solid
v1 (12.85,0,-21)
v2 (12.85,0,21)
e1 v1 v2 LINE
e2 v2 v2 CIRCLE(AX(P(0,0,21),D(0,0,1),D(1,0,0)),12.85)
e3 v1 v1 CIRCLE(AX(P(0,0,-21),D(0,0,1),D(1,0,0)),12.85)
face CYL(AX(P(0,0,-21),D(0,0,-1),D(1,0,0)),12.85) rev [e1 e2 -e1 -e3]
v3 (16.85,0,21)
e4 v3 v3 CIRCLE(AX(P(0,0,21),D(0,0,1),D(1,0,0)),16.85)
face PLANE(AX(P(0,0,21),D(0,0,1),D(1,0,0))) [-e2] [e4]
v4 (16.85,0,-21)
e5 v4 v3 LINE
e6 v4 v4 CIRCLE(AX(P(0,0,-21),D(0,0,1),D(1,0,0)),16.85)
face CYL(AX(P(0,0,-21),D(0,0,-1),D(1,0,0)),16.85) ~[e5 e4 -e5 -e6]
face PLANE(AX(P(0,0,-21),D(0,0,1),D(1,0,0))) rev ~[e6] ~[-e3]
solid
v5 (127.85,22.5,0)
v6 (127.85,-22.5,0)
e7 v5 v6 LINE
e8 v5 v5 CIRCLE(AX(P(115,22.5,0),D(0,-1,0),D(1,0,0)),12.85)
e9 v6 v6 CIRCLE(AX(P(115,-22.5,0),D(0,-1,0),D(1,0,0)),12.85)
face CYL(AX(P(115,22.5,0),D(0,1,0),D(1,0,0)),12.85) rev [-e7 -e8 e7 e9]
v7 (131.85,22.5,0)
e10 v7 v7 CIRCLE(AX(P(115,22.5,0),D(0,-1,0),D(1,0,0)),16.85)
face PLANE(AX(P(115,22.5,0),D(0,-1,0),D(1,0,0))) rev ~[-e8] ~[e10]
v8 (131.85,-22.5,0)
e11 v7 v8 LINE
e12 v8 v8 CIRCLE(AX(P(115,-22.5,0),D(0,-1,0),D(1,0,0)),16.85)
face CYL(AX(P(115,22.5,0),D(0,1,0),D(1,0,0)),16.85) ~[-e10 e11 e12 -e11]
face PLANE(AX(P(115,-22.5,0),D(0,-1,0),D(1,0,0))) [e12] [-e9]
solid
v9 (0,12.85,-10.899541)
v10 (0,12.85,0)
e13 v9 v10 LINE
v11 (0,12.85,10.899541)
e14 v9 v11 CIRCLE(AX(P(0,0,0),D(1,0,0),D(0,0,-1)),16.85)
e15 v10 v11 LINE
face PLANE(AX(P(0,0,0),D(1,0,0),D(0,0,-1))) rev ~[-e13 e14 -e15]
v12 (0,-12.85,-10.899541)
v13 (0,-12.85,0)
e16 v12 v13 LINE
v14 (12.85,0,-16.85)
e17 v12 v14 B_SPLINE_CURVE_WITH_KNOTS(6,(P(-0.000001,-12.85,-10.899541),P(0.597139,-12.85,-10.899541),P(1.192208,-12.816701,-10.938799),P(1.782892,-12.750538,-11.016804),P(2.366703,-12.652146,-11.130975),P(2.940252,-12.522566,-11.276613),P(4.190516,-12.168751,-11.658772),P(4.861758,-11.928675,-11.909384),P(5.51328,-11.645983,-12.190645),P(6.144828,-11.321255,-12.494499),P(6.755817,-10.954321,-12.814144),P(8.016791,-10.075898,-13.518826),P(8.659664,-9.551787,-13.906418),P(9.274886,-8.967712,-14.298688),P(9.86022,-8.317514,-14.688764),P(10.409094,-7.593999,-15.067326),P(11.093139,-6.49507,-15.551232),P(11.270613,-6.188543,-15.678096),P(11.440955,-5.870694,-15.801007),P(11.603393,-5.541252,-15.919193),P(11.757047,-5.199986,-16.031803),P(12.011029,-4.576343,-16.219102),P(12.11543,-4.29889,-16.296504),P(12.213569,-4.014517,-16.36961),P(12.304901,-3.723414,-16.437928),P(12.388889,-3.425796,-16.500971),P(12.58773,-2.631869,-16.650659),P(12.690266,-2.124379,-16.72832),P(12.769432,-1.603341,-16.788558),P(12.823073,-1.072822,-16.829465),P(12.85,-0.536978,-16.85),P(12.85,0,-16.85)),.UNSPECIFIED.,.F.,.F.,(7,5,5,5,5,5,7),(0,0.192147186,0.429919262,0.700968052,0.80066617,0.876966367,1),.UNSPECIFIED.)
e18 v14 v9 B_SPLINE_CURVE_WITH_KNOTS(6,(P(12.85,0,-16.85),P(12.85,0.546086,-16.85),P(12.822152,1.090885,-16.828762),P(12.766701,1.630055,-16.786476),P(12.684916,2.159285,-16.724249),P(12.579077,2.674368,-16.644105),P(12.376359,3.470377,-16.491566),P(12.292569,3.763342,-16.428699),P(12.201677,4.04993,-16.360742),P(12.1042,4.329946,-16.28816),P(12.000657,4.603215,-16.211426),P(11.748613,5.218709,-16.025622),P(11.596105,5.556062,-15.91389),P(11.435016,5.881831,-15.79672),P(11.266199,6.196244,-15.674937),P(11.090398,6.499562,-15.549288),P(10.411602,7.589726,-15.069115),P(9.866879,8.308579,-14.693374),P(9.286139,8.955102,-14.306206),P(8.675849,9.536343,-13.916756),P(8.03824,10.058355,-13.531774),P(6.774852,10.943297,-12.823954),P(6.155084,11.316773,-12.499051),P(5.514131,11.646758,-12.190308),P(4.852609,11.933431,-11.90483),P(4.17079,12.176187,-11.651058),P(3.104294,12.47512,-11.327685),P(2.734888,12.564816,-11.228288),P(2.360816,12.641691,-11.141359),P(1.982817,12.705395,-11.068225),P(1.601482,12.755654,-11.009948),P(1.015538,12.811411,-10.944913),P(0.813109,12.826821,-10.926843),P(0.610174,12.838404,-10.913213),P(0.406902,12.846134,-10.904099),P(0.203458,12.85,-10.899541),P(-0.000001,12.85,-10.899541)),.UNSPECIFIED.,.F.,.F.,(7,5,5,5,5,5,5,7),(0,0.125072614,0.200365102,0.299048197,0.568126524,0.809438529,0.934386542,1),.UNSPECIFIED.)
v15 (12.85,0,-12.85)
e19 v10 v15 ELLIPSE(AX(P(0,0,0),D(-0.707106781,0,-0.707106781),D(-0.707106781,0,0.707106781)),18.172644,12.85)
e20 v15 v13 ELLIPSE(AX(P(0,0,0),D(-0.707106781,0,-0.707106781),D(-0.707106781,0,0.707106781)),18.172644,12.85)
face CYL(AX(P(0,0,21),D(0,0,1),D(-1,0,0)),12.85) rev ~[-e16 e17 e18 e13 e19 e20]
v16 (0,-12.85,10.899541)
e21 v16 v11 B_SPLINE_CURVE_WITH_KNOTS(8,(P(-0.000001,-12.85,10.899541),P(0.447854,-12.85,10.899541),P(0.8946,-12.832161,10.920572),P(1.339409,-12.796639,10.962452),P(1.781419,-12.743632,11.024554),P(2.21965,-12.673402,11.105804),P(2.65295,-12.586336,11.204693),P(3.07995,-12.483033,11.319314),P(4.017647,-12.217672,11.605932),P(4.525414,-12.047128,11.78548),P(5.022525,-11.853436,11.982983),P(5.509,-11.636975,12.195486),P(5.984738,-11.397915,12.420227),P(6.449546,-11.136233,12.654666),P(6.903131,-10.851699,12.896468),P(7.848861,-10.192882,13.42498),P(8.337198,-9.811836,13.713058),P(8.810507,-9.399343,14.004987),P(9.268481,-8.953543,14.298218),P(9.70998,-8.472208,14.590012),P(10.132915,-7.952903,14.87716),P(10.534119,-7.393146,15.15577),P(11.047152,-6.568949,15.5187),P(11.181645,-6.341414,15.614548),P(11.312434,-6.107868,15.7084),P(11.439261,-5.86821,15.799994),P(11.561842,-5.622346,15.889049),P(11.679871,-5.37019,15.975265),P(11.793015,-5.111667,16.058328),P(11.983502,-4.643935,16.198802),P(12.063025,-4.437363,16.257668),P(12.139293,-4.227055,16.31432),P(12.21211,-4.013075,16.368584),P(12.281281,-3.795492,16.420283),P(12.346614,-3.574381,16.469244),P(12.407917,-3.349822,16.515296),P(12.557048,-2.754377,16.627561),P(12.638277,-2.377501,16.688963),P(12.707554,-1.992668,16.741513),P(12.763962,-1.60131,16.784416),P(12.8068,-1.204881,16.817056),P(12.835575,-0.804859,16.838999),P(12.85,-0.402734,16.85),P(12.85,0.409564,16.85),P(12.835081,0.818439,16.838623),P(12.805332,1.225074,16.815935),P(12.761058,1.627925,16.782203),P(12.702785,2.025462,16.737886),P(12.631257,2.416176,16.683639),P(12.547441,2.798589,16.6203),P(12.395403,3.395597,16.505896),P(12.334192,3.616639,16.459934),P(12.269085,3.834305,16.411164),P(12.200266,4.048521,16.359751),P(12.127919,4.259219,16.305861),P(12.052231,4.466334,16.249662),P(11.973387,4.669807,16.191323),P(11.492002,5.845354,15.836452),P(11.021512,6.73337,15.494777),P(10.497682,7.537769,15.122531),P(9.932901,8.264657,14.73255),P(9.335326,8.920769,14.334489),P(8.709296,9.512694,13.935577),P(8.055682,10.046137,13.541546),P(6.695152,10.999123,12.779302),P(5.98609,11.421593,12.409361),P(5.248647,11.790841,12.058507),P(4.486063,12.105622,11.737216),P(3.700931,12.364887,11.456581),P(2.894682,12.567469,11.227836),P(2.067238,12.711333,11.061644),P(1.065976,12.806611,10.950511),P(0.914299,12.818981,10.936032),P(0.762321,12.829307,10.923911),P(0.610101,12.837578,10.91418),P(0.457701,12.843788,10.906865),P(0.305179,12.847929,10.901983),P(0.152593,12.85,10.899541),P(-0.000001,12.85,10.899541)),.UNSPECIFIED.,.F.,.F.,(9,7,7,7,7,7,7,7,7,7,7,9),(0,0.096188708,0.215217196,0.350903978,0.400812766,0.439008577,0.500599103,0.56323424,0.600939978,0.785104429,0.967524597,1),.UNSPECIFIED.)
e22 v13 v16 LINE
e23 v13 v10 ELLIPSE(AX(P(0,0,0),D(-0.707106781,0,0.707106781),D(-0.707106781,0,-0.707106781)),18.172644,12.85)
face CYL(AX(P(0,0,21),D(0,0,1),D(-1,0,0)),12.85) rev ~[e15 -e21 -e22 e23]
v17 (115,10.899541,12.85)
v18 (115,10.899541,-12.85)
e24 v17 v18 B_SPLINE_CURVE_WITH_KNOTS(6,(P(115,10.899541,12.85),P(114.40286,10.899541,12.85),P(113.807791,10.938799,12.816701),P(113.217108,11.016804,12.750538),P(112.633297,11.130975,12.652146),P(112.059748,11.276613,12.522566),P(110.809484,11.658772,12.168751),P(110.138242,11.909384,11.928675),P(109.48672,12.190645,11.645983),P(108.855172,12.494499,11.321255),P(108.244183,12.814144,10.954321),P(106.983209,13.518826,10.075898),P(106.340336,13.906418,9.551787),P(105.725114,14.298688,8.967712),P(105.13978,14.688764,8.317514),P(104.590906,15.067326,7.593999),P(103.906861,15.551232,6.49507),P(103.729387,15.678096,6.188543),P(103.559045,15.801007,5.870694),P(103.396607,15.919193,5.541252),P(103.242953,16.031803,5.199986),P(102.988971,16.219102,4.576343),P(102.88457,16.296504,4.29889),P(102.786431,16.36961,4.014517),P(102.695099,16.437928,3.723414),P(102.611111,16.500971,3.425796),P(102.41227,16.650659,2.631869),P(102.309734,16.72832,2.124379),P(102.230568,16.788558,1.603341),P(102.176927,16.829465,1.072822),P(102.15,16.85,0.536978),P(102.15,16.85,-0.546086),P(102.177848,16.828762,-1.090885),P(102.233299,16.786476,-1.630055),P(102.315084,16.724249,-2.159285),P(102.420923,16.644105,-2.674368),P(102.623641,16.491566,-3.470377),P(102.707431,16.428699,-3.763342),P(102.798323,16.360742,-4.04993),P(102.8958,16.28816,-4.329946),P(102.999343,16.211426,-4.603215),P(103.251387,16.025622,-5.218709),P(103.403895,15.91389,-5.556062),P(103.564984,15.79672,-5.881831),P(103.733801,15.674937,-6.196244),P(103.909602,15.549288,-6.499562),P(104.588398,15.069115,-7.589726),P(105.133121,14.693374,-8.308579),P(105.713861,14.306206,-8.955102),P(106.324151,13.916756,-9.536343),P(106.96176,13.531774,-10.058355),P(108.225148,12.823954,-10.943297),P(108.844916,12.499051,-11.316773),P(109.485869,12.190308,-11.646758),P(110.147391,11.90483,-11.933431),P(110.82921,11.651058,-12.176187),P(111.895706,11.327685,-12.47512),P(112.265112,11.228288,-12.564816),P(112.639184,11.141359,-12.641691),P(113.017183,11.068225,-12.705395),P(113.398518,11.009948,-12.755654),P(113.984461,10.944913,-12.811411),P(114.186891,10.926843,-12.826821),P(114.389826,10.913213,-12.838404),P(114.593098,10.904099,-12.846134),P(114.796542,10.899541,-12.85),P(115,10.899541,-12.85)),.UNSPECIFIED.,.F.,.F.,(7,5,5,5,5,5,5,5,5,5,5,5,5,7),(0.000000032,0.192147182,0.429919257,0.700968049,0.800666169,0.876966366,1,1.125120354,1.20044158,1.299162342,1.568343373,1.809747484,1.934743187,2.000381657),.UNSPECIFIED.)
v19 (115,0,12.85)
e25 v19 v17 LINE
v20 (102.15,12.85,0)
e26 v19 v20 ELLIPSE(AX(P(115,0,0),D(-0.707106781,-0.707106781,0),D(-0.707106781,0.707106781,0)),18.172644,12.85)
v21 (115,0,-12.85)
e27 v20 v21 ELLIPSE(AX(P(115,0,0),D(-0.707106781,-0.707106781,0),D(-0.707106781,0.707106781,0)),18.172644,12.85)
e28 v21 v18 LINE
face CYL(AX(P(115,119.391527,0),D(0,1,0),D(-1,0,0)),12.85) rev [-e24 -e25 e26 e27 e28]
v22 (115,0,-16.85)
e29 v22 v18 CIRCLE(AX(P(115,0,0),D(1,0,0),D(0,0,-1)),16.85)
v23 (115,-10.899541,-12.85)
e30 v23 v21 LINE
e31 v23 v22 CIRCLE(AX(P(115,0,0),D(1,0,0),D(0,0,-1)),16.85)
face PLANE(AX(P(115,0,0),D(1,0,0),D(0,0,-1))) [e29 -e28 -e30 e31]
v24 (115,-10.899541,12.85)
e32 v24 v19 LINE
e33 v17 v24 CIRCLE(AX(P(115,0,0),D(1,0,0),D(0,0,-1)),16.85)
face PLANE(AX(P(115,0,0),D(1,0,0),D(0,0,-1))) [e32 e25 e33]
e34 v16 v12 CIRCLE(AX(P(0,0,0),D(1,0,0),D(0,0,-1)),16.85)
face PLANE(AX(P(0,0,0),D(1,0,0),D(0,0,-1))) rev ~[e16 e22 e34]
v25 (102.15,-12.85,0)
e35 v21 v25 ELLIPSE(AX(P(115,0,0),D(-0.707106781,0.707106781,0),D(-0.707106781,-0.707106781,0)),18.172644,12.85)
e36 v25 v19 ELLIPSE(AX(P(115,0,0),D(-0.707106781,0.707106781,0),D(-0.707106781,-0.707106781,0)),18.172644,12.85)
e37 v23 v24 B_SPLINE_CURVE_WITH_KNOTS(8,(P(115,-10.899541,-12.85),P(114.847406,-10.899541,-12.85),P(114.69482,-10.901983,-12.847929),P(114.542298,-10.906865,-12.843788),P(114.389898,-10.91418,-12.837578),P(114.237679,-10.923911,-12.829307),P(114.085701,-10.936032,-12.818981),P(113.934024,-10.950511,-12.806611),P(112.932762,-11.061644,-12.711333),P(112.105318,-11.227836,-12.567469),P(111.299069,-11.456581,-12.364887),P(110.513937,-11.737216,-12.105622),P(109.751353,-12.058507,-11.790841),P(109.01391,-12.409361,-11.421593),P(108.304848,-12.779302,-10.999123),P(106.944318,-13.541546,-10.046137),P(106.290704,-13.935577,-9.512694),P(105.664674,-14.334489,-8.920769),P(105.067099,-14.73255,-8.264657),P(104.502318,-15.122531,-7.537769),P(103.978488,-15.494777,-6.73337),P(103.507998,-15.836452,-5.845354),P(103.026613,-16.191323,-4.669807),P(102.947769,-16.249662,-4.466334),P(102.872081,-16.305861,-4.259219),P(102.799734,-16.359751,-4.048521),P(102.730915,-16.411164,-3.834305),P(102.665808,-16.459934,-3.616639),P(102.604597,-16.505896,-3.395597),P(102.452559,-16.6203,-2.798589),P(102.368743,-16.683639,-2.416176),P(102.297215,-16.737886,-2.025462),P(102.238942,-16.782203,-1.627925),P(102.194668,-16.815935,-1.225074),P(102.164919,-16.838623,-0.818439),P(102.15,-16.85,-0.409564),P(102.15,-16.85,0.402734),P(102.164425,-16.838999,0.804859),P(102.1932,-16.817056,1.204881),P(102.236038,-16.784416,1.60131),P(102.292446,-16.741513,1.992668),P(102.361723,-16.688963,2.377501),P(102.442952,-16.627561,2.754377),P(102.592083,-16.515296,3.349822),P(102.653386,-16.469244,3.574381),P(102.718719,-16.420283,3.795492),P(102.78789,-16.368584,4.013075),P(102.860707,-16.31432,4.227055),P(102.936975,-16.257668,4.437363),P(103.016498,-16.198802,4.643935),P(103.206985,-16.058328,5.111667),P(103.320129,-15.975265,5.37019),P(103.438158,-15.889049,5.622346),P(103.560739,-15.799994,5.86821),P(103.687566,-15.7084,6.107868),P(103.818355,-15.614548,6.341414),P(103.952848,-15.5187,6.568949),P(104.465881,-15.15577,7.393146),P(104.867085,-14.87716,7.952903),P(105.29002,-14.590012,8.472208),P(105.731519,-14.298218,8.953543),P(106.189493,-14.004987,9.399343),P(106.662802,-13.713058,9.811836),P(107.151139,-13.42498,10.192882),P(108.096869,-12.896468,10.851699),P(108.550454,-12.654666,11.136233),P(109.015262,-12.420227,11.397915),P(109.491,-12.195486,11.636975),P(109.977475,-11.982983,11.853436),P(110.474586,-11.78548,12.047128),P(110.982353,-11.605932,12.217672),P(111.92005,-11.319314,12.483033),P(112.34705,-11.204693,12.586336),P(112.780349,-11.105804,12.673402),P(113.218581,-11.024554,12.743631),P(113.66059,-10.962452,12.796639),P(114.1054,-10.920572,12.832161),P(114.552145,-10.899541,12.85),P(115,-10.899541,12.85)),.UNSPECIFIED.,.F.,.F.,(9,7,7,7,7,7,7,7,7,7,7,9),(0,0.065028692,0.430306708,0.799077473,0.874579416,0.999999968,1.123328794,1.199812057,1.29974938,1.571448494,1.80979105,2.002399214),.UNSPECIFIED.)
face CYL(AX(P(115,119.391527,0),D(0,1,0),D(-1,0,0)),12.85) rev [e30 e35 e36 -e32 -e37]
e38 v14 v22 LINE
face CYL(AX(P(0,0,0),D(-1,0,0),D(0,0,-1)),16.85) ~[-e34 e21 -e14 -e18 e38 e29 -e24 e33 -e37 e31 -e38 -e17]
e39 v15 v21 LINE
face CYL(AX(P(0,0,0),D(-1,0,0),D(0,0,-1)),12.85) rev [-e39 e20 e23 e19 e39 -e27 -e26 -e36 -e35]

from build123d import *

# Parameters (mm, degrees)
SKETCH1_R                 = 16.85
SKETCH1_R_2               = 12.85
PIPE_33_7_X_4_0_1_DEPTH   = 42
SKETCH14_R                = 16.85
SKETCH14_R_2              = 12.85
PIPE_33_7_X_4_0_1_2_DEPTH = 115
SKETCH9_R                 = 16.85
SKETCH9_R_2               = 12.85
PIPE_33_7_X_4_0_2_DEPTH   = 45
SKETCH11_R                = 12.85
CUT_EXTRUDE2_DEPTH        = 141.195122954
CUT_EXTRUDE3_DEPTH        = 141.891527424
CUT_EXTRUDE3_DEPTH_BACK   = 141.891527424
SKETCH12_R                = 12.85


with BuildPart() as part:
    # Sketch1 → Pipe 33.7 X 4.0_1 (new body)
    with BuildSketch(Plane.XY.offset(-21)):
        Circle(SKETCH1_R)
        Circle(SKETCH1_R_2, mode=Mode.SUBTRACT)
    extrude(amount=PIPE_33_7_X_4_0_1_DEPTH)


with BuildPart() as body_2:
    # Sketch14 → Pipe 33.7 X 4.0_1 2 (new body)
    with BuildSketch(Plane(origin=(0, 0, 0), x_dir=(0, 0, -1), z_dir=(1, 0, 0))):
        Circle(SKETCH14_R)
        Circle(SKETCH14_R_2, mode=Mode.SUBTRACT)
    extrude(amount=PIPE_33_7_X_4_0_1_2_DEPTH)

    # Sketch11 → Cut-Extrude2 (cut, through all)
    with BuildSketch(Plane.XY.offset(21)):
        with Locations(Location((0, 0, 0), (0, 0, 180))):
            Circle(SKETCH11_R)
    extrude(amount=-CUT_EXTRUDE2_DEPTH, mode=Mode.SUBTRACT)

    # Sketch12 → Cut-Extrude3 (cut, two sides: drawn at the far end of the back side and taken through both)
    with BuildSketch(Plane.XZ.offset(22.5).offset(-CUT_EXTRUDE3_DEPTH_BACK)):
        with Locations(Location((115, 0, 0), (0, 0, 180))):
            Circle(SKETCH12_R)
    extrude(amount=CUT_EXTRUDE3_DEPTH + CUT_EXTRUDE3_DEPTH_BACK, mode=Mode.SUBTRACT)


with BuildPart() as body_3:
    # Sketch9 → Pipe 33.7 X 4.0(2) (new body)
    with BuildSketch(Plane(origin=(115, 22.5, 0), x_dir=(1, 0, 0), z_dir=(0, -1, 0))):
        Circle(SKETCH9_R)
        Circle(SKETCH9_R_2, mode=Mode.SUBTRACT)
    extrude(amount=PIPE_33_7_X_4_0_2_DEPTH)


solid = Compound([part.part, body_2.part, body_3.part])
